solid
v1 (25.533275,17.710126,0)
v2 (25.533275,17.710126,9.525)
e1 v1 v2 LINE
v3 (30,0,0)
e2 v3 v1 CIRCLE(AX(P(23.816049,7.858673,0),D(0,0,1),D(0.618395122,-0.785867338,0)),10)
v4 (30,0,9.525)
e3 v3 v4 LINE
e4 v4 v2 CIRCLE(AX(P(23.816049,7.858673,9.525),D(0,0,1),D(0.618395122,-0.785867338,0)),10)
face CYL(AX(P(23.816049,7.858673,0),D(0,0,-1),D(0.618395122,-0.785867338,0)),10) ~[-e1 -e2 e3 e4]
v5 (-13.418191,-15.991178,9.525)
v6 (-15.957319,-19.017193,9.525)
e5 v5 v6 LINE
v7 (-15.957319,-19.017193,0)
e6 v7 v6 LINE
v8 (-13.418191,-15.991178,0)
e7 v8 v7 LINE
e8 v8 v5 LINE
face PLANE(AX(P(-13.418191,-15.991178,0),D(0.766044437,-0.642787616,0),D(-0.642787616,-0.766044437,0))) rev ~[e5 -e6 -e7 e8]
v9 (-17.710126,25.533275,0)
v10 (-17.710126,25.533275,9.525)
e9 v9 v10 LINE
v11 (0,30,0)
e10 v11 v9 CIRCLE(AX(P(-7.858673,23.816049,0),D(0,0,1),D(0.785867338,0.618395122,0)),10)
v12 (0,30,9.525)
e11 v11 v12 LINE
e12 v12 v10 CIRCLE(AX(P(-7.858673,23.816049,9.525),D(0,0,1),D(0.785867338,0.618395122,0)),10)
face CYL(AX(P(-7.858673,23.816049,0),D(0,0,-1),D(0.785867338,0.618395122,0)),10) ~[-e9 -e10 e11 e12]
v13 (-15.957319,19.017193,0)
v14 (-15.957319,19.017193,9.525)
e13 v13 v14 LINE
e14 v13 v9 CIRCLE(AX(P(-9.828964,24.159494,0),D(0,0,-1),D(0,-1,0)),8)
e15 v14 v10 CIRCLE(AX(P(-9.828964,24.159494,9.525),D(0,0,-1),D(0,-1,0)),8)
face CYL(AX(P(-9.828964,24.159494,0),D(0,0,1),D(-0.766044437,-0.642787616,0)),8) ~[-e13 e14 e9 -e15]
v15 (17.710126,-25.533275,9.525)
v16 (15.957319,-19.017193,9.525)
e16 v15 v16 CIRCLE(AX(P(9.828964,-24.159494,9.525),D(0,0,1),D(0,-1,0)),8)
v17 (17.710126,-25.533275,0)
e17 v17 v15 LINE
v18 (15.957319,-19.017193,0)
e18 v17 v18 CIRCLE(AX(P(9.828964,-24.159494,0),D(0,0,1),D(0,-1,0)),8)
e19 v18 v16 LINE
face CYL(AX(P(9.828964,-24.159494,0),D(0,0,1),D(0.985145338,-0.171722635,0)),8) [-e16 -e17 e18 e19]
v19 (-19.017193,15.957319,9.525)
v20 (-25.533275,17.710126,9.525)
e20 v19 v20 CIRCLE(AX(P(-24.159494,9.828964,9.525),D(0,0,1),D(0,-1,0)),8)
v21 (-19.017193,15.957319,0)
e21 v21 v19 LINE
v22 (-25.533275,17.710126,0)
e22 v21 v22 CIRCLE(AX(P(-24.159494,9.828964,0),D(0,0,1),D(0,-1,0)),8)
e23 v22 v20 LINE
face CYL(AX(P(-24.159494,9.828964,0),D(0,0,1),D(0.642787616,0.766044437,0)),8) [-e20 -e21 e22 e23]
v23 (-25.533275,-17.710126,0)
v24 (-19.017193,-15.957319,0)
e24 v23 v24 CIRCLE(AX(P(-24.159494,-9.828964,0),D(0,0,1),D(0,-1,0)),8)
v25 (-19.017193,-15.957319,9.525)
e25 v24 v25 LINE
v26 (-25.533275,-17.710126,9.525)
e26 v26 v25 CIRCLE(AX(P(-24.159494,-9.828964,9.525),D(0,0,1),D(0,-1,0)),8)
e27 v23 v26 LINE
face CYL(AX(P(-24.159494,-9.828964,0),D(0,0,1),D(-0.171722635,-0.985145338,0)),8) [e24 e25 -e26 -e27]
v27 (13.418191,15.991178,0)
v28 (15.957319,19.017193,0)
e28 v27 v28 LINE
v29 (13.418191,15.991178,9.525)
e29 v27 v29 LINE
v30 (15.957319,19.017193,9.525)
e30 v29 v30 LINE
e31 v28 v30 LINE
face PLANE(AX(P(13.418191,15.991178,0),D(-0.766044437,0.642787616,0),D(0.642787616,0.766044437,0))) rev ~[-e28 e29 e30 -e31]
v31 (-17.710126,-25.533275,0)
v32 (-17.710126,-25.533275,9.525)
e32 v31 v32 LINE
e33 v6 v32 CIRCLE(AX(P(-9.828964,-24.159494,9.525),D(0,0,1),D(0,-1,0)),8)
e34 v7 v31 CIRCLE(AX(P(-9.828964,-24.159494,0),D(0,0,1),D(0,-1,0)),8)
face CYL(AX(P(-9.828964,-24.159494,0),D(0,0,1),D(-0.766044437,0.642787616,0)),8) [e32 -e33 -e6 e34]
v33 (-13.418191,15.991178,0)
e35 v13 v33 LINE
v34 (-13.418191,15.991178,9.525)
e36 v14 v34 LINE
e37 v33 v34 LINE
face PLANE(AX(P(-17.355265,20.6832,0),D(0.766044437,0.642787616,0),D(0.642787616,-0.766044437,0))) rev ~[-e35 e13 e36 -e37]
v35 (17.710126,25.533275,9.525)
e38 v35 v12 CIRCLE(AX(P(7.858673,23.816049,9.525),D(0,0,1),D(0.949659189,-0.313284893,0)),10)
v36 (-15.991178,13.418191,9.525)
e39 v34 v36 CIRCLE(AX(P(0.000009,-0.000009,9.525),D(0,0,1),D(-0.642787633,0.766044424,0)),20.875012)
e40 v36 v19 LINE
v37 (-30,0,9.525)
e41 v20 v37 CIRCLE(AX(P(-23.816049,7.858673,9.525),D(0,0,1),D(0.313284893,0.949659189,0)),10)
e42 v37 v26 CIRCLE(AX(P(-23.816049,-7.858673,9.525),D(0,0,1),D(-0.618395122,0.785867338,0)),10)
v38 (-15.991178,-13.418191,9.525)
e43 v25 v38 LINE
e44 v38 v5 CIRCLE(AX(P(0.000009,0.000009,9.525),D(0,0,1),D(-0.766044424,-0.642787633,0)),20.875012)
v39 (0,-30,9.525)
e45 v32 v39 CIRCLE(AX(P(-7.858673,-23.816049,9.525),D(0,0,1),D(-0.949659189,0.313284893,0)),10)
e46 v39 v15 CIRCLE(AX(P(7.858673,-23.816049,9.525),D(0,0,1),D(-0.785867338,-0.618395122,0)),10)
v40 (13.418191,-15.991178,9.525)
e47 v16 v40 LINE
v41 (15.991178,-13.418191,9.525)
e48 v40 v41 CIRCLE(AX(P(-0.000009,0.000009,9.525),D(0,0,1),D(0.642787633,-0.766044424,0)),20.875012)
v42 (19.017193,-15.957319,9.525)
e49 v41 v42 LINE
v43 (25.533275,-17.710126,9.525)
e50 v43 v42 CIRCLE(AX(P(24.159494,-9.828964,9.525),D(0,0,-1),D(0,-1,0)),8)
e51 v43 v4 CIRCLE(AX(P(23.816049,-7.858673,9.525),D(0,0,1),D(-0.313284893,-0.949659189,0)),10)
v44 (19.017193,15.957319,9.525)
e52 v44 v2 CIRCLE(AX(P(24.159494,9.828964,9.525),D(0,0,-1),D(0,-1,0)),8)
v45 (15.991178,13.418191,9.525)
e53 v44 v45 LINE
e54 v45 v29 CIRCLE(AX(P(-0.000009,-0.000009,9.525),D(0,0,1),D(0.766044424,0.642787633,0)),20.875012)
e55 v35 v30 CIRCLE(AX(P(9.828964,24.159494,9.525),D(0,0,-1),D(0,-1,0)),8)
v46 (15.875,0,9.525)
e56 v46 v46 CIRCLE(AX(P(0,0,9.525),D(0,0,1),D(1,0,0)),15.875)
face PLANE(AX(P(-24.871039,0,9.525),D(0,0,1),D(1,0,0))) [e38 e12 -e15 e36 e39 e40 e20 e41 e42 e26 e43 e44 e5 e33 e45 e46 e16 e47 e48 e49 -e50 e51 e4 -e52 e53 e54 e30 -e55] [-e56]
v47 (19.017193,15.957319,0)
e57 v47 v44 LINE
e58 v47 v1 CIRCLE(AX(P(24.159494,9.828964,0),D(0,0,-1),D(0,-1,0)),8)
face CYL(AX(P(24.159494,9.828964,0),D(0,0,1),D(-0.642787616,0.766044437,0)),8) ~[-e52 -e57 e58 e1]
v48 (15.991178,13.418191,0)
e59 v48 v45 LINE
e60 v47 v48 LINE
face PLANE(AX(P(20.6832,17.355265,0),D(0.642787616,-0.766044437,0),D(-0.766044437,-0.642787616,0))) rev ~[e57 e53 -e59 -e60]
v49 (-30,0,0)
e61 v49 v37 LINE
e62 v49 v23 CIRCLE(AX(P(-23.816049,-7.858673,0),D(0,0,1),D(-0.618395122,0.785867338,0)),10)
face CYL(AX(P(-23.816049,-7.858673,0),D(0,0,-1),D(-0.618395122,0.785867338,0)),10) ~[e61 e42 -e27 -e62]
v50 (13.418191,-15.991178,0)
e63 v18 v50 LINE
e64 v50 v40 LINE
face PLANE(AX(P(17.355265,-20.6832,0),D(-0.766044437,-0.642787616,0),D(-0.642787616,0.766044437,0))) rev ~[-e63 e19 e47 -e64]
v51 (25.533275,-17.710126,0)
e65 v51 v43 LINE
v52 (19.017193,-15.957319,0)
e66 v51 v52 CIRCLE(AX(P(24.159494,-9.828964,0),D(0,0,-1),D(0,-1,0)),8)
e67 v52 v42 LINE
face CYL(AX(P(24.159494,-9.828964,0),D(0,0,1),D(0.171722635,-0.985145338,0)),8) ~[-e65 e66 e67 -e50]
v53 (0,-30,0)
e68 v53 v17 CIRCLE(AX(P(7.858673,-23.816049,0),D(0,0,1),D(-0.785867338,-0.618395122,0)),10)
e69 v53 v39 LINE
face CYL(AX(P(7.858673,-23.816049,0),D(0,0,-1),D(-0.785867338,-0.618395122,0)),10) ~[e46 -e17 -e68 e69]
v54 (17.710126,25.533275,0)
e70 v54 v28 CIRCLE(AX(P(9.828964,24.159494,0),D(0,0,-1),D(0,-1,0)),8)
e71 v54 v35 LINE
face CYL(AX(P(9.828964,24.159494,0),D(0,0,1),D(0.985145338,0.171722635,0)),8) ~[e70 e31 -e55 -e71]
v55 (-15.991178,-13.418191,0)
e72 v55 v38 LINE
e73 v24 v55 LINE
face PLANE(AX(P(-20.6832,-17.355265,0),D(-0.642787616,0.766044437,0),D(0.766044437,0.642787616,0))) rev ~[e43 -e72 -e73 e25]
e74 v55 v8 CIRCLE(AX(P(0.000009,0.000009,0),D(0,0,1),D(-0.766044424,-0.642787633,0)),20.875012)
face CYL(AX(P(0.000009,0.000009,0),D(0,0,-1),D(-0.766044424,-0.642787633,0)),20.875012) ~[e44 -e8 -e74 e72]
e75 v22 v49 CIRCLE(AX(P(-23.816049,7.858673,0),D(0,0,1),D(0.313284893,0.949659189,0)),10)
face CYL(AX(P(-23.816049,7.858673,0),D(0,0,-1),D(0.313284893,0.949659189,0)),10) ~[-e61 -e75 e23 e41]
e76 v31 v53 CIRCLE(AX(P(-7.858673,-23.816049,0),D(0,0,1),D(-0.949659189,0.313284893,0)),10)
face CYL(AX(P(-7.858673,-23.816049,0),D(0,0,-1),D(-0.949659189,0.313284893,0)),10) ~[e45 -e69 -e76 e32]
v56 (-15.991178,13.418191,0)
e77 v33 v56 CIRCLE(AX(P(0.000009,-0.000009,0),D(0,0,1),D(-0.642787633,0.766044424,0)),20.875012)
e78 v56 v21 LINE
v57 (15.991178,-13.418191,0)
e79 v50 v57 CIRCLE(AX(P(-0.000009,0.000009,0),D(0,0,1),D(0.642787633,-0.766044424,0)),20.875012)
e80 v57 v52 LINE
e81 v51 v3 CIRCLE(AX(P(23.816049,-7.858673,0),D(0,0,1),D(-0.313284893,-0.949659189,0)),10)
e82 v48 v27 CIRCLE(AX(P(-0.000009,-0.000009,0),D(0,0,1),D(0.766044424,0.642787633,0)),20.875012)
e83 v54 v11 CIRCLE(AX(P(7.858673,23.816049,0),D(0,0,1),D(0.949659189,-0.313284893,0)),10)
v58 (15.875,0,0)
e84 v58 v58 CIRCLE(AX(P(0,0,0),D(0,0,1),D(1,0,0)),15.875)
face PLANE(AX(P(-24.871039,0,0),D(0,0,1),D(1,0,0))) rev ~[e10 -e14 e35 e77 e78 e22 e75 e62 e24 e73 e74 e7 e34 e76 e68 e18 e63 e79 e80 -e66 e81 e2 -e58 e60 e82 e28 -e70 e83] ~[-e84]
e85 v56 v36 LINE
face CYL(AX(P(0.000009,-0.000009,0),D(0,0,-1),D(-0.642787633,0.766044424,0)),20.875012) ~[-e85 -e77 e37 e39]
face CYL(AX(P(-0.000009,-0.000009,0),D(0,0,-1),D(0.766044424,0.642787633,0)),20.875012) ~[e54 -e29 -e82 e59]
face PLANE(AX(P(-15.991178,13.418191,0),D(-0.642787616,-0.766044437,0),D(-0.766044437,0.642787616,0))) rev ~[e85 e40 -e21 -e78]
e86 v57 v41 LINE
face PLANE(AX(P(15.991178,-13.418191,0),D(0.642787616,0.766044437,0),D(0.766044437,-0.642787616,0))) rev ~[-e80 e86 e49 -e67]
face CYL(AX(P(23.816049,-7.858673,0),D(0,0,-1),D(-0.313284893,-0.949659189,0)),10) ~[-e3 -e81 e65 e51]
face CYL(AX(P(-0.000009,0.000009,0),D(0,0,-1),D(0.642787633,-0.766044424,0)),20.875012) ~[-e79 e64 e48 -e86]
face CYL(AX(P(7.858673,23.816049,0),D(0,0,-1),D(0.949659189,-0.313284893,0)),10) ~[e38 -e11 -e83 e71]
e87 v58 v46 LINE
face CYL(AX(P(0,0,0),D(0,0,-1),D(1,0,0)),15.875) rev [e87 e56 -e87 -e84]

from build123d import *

# Parameters (mm, degrees)
F0_R     = 15.875
F1_DEPTH = 9.525
F2_R     = 8


with BuildPart() as f1:
    # F0 (on Top) → F1 (new body)
    with BuildSketch(Plane.XY):
        with BuildLine():
            ThreePointArc((-15.991178, -13.418191), (-20.875, 0), (-15.991178, 13.418191))
            Line((-15.991178, 13.418191), (-20.6832, 17.355265))
            ThreePointArc((-20.6832, 17.355265), (-32.626759, 12.588513), (-30, 0))
            ThreePointArc((-30, 0), (-32.626759, -12.588513), (-20.6832, -17.355265))
            Line((-20.6832, -17.355265), (-15.991178, -13.418191))
        make_face()
        with BuildLine():
            Line((-17.355265, 20.6832), (-13.418191, 15.991178))
            ThreePointArc((-13.418191, 15.991178), (-14.760854, 14.760854), (-15.991178, 13.418191))
            ThreePointArc((-15.991178, 13.418191), (-20.875, 0), (-15.991178, -13.418191))
            ThreePointArc((-15.991178, -13.418191), (-14.760854, -14.760854), (-13.418191, -15.991178))
            Line((-13.418191, -15.991178), (-17.355265, -20.6832))
            ThreePointArc((-17.355265, -20.6832), (-12.588513, -32.626759), (0, -30))
            ThreePointArc((0, -30), (12.588513, -32.626759), (17.355265, -20.6832))
            Line((17.355265, -20.6832), (13.418191, -15.991178))
            ThreePointArc((13.418191, -15.991178), (14.760854, -14.760854), (15.991178, -13.418191))
            Line((15.991178, -13.418191), (20.6832, -17.355265))
            ThreePointArc((20.6832, -17.355265), (32.626759, -12.588513), (30, 0))
            ThreePointArc((30, 0), (32.626759, 12.588513), (20.6832, 17.355265))
            Line((20.6832, 17.355265), (15.991178, 13.418191))
            ThreePointArc((15.991178, 13.418191), (14.760854, 14.760854), (13.418191, 15.991178))
            Line((13.418191, 15.991178), (17.355265, 20.6832))
            ThreePointArc((17.355265, 20.6832), (12.588513, 32.626759), (0, 30))
            ThreePointArc((0, 30), (-12.588513, 32.626759), (-17.355265, 20.6832))
        make_face()
        Circle(F0_R, mode=Mode.SUBTRACT)
    extrude(amount=F1_DEPTH)

    # F2
    f2_edges = [f1.edges().sort_by_distance(p)[0] for p in [
        (-20.6832, -17.355265, 4.7625),
        (20.6832, -17.355265, 4.7625),
        (17.355265, 20.6832, 4.7625),
        (20.6832, 17.355265, 4.7625),
        (-17.355265, -20.6832, 4.7625),
        (-20.6832, 17.355265, 4.7625),
        (-17.355265, 20.6832, 4.7625),
        (17.355265, -20.6832, 4.7625),
    ]]
    fillet(f2_edges, radius=F2_R)


solid = f1.part
